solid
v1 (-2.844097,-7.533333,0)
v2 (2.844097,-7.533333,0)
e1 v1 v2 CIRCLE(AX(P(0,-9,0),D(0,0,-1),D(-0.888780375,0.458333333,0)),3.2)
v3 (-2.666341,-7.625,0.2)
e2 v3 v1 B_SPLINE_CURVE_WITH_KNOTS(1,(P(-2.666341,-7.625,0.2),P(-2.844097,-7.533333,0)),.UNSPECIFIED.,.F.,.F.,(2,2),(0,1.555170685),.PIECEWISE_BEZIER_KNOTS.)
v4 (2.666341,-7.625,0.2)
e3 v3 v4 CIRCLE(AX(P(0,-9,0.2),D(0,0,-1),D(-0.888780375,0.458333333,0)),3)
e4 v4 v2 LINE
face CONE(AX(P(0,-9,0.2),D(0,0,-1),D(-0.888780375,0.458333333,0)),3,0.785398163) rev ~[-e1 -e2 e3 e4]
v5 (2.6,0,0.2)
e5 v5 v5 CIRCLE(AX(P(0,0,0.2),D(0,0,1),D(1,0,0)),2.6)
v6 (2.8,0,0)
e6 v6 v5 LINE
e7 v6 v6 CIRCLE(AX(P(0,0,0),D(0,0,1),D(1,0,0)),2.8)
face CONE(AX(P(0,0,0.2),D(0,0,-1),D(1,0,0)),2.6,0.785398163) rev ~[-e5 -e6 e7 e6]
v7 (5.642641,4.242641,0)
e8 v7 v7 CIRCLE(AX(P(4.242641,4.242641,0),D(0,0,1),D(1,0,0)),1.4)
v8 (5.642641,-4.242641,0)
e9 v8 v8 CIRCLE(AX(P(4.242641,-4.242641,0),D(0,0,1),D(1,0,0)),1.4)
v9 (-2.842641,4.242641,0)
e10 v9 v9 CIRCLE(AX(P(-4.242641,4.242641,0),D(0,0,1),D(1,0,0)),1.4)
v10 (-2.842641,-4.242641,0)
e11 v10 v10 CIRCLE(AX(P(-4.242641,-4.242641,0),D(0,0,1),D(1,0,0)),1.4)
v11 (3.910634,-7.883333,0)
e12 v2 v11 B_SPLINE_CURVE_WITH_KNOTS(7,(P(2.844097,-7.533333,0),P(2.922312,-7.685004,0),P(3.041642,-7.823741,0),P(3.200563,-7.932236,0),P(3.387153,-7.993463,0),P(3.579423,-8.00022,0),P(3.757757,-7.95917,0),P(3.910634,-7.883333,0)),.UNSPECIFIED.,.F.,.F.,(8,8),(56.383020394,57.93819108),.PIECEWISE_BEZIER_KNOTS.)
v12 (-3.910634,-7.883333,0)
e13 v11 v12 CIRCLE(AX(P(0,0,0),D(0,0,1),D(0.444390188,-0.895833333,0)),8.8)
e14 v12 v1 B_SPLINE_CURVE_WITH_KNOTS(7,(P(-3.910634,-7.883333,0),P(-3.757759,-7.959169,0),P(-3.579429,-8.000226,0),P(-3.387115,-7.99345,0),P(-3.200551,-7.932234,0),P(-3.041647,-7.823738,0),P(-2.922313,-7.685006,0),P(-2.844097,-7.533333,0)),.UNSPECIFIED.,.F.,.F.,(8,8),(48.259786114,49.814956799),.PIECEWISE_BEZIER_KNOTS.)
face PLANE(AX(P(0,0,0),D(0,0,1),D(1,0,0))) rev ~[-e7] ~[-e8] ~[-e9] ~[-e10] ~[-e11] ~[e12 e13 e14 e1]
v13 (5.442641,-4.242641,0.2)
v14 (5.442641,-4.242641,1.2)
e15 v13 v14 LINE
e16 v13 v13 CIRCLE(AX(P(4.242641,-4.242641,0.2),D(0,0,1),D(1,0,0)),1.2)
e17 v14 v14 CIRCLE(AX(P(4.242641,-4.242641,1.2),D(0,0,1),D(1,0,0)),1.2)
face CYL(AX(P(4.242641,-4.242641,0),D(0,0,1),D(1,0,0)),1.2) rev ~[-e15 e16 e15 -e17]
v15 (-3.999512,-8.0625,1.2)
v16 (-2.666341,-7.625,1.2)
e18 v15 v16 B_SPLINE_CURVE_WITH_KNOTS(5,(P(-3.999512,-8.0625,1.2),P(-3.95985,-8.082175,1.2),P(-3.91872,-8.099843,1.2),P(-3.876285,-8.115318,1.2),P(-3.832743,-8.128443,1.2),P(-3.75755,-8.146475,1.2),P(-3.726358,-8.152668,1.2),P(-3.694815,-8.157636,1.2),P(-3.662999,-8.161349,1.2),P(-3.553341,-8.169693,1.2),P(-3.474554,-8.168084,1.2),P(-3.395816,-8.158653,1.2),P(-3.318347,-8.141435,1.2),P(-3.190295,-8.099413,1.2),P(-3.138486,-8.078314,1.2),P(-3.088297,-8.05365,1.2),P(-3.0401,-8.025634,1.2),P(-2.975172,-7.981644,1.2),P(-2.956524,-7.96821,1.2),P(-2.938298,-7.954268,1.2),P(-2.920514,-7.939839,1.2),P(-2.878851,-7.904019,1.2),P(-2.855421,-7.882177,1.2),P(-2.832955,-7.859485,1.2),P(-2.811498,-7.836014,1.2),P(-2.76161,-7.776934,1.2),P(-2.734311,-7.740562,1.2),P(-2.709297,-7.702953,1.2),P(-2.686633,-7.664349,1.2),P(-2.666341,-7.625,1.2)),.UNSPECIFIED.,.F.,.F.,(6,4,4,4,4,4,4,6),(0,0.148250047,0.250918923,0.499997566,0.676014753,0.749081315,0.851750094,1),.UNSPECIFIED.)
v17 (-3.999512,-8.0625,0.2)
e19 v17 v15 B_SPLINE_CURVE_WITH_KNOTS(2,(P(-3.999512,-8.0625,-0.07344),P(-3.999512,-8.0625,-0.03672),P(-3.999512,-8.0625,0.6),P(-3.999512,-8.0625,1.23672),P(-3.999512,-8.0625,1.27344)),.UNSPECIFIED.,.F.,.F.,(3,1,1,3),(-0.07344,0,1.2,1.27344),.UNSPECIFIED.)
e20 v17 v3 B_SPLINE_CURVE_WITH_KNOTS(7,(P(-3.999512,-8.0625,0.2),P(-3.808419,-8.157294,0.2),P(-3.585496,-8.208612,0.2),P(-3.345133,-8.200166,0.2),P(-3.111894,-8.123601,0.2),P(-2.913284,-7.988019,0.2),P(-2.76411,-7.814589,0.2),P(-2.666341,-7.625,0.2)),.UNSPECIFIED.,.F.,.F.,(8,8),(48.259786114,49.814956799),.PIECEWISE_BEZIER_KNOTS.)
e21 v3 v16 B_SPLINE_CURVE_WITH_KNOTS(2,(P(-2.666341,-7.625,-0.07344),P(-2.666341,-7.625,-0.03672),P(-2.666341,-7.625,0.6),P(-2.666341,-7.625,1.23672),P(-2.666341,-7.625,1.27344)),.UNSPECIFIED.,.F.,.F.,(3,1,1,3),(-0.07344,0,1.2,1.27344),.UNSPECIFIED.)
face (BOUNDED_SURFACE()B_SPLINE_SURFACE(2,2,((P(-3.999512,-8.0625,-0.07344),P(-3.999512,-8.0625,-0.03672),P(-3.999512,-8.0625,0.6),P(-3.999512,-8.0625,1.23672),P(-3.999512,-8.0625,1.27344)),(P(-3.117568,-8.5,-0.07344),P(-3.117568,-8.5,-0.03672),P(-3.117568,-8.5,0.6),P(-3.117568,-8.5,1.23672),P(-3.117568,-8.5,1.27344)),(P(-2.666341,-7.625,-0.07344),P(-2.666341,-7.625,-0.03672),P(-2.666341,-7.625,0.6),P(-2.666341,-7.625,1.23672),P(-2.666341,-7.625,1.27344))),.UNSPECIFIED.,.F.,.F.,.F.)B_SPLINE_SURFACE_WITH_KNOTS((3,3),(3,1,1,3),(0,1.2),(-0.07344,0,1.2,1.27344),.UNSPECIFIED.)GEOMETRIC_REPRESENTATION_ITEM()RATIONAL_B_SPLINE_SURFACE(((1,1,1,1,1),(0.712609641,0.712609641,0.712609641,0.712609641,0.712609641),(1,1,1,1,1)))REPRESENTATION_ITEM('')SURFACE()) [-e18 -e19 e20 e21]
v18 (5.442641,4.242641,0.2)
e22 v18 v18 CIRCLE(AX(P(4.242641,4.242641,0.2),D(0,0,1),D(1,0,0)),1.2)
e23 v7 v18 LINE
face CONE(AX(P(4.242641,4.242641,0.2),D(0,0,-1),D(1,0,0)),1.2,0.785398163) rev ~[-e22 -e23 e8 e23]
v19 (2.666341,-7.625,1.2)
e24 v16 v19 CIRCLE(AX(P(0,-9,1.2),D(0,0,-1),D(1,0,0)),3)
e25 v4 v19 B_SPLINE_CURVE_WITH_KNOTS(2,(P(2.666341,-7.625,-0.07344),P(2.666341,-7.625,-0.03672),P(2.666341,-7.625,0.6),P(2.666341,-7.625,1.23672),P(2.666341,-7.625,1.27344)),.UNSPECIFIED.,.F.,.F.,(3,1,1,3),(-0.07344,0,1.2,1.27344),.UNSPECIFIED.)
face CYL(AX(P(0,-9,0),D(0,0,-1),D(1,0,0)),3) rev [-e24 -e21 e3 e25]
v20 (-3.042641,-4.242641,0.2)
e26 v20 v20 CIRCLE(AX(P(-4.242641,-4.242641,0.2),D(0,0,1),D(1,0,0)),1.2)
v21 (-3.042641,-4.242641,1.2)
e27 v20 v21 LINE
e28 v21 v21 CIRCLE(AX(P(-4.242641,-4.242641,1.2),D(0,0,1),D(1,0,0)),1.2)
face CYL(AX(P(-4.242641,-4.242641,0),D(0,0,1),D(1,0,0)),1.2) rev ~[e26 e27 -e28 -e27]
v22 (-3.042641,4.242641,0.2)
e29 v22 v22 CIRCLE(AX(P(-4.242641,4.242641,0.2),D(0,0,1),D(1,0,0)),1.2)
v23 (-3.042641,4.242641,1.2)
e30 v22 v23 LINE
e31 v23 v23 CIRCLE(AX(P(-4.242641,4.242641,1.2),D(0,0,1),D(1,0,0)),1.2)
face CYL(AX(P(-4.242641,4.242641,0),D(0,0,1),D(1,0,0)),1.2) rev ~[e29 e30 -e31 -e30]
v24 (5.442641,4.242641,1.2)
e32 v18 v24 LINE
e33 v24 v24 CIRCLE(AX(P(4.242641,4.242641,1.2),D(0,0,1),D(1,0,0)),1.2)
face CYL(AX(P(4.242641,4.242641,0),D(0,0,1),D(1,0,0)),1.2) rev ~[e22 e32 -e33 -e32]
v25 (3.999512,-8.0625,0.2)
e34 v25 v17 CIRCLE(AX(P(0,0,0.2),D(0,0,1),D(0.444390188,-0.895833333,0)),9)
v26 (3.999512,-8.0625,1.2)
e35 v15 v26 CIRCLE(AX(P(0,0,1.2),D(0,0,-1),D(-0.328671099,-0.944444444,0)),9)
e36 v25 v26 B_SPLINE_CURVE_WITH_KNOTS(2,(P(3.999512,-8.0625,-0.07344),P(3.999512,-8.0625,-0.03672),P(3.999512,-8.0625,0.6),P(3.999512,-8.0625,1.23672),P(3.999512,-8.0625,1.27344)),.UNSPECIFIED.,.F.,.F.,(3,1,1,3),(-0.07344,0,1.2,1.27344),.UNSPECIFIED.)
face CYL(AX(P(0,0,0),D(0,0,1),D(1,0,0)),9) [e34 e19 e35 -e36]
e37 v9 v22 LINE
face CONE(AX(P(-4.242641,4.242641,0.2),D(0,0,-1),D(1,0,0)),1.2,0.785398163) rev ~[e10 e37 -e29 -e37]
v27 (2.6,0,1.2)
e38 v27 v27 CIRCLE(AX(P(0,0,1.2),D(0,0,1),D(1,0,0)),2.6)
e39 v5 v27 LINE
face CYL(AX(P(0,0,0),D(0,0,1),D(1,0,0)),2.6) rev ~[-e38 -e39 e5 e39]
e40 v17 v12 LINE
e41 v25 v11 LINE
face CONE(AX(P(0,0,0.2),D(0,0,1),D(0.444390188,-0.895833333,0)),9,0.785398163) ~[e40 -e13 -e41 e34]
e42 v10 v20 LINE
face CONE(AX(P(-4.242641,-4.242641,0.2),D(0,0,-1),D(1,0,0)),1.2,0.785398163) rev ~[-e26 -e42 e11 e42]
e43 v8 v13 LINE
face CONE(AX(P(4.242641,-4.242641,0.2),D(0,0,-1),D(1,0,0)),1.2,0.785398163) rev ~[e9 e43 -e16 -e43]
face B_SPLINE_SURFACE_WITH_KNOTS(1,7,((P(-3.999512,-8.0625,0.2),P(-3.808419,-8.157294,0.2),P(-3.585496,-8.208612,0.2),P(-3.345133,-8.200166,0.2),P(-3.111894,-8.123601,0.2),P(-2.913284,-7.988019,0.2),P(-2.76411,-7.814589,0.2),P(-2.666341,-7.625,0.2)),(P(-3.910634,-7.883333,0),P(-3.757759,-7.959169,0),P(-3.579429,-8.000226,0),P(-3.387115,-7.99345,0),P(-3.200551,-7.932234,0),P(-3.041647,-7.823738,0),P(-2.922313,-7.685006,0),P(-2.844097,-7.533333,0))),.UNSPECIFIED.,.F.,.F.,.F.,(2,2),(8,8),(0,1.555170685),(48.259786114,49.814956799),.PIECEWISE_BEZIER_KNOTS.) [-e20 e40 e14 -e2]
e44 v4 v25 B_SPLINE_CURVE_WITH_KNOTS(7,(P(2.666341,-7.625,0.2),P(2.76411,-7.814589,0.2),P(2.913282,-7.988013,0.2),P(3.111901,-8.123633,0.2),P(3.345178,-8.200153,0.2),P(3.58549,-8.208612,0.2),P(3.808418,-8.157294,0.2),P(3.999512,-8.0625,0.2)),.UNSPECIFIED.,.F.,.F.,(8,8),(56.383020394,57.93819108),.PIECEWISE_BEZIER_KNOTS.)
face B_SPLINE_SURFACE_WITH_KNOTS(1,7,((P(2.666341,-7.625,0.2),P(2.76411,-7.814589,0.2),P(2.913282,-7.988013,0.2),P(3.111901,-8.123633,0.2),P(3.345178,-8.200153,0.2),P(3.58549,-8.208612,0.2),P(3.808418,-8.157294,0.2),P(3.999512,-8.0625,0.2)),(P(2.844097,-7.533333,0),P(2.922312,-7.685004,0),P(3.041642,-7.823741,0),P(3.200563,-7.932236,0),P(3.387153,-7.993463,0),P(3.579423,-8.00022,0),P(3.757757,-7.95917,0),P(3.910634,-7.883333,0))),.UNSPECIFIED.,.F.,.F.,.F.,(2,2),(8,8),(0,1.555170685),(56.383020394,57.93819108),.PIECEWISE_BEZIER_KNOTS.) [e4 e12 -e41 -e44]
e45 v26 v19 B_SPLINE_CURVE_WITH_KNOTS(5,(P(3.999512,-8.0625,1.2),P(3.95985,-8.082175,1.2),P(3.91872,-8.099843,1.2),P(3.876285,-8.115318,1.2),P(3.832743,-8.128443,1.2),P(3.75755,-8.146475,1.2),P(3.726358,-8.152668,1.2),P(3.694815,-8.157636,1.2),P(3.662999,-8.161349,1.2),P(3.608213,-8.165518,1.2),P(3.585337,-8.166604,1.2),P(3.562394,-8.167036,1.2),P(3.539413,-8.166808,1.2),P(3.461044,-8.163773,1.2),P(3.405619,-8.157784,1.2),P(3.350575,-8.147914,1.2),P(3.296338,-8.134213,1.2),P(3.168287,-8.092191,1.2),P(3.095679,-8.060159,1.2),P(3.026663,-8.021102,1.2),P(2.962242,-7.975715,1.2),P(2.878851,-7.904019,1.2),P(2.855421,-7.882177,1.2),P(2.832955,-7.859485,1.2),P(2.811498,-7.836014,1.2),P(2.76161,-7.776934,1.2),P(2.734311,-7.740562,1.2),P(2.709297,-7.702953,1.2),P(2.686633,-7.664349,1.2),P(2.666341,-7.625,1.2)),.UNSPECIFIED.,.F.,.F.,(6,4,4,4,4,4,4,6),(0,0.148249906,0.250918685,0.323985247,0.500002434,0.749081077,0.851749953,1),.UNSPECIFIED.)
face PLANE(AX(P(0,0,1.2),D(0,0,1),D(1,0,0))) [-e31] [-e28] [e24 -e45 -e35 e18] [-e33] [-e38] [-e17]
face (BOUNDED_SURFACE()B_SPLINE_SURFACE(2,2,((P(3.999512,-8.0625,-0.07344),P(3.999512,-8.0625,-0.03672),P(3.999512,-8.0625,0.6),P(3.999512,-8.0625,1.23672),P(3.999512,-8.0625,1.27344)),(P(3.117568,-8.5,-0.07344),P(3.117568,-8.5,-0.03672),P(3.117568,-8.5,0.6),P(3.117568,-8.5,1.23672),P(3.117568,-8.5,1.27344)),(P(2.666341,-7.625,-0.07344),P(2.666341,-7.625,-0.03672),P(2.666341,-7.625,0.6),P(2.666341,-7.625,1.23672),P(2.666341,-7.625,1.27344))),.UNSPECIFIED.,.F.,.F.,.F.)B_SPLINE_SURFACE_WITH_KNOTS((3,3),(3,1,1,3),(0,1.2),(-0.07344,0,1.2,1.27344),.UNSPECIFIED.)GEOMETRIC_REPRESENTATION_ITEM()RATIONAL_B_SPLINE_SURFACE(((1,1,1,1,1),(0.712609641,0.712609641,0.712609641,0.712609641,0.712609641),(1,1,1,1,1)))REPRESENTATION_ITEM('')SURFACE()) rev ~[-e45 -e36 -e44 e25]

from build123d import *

# Parameters (mm, degrees)
F0_R     = 9
F0_R_2   = 1.2
F0_R_3   = 2.6
F2_R     = 3
F4_DEPTH = 1.201
F5_R     = 1
F6_SIZE  = 0.2


with BuildPart() as f3:
    # F3: sweep along a path in F1
    with BuildLine(Plane.XZ) as f3_path:
        Line((0, 0), (0, 1.2))
    # F0 (on Top) → F3 (sweep)
    with BuildSketch(Plane.XY):
        Circle(F0_R)
        with Locations((-4.2426406871, -4.2426406871)):
            Circle(F0_R_2, mode=Mode.SUBTRACT)
        with Locations((4.2426406871, -4.2426406871)):
            Circle(F0_R_2, mode=Mode.SUBTRACT)
        with Locations((-4.2426406871, 4.2426406871)):
            Circle(F0_R_2, mode=Mode.SUBTRACT)
        Circle(F0_R_3, mode=Mode.SUBTRACT)
        with Locations((4.2426406871, 4.2426406871)):
            Circle(F0_R_2, mode=Mode.SUBTRACT)
    sweep(path=f3_path.line)

    # F2 (on Top) → F4 (cut, through all)
    with BuildSketch(Plane.XY):
        with Locations((0, -9)):
            Circle(F2_R)
    extrude(amount=F4_DEPTH, mode=Mode.SUBTRACT)

    # F5
    f5_edges = [f3.edges().sort_by_distance(p)[0] for p in [
        (-2.95804, -8.5, 0.6),
        (2.95804, -8.5, 0.6),
    ]]
    fillet(f5_edges, radius=F5_R)

    # F6
    f6_edges = [f3.edges().sort_by_distance(p)[0] for p in [
        (0, 9, 0),
        (3.243317, -8.116813, 0),
        (-3.243317, -8.116813, 0),
        (0, -6, 0),
        (-5.442641, -4.242641, 0),
        (3.042641, -4.242641, 0),
        (-2.6, 0, 0),
        (-5.442641, 4.242641, 0),
        (3.042641, 4.242641, 0),
    ]]
    chamfer(f6_edges, length=F6_SIZE)


solid = f3.part
